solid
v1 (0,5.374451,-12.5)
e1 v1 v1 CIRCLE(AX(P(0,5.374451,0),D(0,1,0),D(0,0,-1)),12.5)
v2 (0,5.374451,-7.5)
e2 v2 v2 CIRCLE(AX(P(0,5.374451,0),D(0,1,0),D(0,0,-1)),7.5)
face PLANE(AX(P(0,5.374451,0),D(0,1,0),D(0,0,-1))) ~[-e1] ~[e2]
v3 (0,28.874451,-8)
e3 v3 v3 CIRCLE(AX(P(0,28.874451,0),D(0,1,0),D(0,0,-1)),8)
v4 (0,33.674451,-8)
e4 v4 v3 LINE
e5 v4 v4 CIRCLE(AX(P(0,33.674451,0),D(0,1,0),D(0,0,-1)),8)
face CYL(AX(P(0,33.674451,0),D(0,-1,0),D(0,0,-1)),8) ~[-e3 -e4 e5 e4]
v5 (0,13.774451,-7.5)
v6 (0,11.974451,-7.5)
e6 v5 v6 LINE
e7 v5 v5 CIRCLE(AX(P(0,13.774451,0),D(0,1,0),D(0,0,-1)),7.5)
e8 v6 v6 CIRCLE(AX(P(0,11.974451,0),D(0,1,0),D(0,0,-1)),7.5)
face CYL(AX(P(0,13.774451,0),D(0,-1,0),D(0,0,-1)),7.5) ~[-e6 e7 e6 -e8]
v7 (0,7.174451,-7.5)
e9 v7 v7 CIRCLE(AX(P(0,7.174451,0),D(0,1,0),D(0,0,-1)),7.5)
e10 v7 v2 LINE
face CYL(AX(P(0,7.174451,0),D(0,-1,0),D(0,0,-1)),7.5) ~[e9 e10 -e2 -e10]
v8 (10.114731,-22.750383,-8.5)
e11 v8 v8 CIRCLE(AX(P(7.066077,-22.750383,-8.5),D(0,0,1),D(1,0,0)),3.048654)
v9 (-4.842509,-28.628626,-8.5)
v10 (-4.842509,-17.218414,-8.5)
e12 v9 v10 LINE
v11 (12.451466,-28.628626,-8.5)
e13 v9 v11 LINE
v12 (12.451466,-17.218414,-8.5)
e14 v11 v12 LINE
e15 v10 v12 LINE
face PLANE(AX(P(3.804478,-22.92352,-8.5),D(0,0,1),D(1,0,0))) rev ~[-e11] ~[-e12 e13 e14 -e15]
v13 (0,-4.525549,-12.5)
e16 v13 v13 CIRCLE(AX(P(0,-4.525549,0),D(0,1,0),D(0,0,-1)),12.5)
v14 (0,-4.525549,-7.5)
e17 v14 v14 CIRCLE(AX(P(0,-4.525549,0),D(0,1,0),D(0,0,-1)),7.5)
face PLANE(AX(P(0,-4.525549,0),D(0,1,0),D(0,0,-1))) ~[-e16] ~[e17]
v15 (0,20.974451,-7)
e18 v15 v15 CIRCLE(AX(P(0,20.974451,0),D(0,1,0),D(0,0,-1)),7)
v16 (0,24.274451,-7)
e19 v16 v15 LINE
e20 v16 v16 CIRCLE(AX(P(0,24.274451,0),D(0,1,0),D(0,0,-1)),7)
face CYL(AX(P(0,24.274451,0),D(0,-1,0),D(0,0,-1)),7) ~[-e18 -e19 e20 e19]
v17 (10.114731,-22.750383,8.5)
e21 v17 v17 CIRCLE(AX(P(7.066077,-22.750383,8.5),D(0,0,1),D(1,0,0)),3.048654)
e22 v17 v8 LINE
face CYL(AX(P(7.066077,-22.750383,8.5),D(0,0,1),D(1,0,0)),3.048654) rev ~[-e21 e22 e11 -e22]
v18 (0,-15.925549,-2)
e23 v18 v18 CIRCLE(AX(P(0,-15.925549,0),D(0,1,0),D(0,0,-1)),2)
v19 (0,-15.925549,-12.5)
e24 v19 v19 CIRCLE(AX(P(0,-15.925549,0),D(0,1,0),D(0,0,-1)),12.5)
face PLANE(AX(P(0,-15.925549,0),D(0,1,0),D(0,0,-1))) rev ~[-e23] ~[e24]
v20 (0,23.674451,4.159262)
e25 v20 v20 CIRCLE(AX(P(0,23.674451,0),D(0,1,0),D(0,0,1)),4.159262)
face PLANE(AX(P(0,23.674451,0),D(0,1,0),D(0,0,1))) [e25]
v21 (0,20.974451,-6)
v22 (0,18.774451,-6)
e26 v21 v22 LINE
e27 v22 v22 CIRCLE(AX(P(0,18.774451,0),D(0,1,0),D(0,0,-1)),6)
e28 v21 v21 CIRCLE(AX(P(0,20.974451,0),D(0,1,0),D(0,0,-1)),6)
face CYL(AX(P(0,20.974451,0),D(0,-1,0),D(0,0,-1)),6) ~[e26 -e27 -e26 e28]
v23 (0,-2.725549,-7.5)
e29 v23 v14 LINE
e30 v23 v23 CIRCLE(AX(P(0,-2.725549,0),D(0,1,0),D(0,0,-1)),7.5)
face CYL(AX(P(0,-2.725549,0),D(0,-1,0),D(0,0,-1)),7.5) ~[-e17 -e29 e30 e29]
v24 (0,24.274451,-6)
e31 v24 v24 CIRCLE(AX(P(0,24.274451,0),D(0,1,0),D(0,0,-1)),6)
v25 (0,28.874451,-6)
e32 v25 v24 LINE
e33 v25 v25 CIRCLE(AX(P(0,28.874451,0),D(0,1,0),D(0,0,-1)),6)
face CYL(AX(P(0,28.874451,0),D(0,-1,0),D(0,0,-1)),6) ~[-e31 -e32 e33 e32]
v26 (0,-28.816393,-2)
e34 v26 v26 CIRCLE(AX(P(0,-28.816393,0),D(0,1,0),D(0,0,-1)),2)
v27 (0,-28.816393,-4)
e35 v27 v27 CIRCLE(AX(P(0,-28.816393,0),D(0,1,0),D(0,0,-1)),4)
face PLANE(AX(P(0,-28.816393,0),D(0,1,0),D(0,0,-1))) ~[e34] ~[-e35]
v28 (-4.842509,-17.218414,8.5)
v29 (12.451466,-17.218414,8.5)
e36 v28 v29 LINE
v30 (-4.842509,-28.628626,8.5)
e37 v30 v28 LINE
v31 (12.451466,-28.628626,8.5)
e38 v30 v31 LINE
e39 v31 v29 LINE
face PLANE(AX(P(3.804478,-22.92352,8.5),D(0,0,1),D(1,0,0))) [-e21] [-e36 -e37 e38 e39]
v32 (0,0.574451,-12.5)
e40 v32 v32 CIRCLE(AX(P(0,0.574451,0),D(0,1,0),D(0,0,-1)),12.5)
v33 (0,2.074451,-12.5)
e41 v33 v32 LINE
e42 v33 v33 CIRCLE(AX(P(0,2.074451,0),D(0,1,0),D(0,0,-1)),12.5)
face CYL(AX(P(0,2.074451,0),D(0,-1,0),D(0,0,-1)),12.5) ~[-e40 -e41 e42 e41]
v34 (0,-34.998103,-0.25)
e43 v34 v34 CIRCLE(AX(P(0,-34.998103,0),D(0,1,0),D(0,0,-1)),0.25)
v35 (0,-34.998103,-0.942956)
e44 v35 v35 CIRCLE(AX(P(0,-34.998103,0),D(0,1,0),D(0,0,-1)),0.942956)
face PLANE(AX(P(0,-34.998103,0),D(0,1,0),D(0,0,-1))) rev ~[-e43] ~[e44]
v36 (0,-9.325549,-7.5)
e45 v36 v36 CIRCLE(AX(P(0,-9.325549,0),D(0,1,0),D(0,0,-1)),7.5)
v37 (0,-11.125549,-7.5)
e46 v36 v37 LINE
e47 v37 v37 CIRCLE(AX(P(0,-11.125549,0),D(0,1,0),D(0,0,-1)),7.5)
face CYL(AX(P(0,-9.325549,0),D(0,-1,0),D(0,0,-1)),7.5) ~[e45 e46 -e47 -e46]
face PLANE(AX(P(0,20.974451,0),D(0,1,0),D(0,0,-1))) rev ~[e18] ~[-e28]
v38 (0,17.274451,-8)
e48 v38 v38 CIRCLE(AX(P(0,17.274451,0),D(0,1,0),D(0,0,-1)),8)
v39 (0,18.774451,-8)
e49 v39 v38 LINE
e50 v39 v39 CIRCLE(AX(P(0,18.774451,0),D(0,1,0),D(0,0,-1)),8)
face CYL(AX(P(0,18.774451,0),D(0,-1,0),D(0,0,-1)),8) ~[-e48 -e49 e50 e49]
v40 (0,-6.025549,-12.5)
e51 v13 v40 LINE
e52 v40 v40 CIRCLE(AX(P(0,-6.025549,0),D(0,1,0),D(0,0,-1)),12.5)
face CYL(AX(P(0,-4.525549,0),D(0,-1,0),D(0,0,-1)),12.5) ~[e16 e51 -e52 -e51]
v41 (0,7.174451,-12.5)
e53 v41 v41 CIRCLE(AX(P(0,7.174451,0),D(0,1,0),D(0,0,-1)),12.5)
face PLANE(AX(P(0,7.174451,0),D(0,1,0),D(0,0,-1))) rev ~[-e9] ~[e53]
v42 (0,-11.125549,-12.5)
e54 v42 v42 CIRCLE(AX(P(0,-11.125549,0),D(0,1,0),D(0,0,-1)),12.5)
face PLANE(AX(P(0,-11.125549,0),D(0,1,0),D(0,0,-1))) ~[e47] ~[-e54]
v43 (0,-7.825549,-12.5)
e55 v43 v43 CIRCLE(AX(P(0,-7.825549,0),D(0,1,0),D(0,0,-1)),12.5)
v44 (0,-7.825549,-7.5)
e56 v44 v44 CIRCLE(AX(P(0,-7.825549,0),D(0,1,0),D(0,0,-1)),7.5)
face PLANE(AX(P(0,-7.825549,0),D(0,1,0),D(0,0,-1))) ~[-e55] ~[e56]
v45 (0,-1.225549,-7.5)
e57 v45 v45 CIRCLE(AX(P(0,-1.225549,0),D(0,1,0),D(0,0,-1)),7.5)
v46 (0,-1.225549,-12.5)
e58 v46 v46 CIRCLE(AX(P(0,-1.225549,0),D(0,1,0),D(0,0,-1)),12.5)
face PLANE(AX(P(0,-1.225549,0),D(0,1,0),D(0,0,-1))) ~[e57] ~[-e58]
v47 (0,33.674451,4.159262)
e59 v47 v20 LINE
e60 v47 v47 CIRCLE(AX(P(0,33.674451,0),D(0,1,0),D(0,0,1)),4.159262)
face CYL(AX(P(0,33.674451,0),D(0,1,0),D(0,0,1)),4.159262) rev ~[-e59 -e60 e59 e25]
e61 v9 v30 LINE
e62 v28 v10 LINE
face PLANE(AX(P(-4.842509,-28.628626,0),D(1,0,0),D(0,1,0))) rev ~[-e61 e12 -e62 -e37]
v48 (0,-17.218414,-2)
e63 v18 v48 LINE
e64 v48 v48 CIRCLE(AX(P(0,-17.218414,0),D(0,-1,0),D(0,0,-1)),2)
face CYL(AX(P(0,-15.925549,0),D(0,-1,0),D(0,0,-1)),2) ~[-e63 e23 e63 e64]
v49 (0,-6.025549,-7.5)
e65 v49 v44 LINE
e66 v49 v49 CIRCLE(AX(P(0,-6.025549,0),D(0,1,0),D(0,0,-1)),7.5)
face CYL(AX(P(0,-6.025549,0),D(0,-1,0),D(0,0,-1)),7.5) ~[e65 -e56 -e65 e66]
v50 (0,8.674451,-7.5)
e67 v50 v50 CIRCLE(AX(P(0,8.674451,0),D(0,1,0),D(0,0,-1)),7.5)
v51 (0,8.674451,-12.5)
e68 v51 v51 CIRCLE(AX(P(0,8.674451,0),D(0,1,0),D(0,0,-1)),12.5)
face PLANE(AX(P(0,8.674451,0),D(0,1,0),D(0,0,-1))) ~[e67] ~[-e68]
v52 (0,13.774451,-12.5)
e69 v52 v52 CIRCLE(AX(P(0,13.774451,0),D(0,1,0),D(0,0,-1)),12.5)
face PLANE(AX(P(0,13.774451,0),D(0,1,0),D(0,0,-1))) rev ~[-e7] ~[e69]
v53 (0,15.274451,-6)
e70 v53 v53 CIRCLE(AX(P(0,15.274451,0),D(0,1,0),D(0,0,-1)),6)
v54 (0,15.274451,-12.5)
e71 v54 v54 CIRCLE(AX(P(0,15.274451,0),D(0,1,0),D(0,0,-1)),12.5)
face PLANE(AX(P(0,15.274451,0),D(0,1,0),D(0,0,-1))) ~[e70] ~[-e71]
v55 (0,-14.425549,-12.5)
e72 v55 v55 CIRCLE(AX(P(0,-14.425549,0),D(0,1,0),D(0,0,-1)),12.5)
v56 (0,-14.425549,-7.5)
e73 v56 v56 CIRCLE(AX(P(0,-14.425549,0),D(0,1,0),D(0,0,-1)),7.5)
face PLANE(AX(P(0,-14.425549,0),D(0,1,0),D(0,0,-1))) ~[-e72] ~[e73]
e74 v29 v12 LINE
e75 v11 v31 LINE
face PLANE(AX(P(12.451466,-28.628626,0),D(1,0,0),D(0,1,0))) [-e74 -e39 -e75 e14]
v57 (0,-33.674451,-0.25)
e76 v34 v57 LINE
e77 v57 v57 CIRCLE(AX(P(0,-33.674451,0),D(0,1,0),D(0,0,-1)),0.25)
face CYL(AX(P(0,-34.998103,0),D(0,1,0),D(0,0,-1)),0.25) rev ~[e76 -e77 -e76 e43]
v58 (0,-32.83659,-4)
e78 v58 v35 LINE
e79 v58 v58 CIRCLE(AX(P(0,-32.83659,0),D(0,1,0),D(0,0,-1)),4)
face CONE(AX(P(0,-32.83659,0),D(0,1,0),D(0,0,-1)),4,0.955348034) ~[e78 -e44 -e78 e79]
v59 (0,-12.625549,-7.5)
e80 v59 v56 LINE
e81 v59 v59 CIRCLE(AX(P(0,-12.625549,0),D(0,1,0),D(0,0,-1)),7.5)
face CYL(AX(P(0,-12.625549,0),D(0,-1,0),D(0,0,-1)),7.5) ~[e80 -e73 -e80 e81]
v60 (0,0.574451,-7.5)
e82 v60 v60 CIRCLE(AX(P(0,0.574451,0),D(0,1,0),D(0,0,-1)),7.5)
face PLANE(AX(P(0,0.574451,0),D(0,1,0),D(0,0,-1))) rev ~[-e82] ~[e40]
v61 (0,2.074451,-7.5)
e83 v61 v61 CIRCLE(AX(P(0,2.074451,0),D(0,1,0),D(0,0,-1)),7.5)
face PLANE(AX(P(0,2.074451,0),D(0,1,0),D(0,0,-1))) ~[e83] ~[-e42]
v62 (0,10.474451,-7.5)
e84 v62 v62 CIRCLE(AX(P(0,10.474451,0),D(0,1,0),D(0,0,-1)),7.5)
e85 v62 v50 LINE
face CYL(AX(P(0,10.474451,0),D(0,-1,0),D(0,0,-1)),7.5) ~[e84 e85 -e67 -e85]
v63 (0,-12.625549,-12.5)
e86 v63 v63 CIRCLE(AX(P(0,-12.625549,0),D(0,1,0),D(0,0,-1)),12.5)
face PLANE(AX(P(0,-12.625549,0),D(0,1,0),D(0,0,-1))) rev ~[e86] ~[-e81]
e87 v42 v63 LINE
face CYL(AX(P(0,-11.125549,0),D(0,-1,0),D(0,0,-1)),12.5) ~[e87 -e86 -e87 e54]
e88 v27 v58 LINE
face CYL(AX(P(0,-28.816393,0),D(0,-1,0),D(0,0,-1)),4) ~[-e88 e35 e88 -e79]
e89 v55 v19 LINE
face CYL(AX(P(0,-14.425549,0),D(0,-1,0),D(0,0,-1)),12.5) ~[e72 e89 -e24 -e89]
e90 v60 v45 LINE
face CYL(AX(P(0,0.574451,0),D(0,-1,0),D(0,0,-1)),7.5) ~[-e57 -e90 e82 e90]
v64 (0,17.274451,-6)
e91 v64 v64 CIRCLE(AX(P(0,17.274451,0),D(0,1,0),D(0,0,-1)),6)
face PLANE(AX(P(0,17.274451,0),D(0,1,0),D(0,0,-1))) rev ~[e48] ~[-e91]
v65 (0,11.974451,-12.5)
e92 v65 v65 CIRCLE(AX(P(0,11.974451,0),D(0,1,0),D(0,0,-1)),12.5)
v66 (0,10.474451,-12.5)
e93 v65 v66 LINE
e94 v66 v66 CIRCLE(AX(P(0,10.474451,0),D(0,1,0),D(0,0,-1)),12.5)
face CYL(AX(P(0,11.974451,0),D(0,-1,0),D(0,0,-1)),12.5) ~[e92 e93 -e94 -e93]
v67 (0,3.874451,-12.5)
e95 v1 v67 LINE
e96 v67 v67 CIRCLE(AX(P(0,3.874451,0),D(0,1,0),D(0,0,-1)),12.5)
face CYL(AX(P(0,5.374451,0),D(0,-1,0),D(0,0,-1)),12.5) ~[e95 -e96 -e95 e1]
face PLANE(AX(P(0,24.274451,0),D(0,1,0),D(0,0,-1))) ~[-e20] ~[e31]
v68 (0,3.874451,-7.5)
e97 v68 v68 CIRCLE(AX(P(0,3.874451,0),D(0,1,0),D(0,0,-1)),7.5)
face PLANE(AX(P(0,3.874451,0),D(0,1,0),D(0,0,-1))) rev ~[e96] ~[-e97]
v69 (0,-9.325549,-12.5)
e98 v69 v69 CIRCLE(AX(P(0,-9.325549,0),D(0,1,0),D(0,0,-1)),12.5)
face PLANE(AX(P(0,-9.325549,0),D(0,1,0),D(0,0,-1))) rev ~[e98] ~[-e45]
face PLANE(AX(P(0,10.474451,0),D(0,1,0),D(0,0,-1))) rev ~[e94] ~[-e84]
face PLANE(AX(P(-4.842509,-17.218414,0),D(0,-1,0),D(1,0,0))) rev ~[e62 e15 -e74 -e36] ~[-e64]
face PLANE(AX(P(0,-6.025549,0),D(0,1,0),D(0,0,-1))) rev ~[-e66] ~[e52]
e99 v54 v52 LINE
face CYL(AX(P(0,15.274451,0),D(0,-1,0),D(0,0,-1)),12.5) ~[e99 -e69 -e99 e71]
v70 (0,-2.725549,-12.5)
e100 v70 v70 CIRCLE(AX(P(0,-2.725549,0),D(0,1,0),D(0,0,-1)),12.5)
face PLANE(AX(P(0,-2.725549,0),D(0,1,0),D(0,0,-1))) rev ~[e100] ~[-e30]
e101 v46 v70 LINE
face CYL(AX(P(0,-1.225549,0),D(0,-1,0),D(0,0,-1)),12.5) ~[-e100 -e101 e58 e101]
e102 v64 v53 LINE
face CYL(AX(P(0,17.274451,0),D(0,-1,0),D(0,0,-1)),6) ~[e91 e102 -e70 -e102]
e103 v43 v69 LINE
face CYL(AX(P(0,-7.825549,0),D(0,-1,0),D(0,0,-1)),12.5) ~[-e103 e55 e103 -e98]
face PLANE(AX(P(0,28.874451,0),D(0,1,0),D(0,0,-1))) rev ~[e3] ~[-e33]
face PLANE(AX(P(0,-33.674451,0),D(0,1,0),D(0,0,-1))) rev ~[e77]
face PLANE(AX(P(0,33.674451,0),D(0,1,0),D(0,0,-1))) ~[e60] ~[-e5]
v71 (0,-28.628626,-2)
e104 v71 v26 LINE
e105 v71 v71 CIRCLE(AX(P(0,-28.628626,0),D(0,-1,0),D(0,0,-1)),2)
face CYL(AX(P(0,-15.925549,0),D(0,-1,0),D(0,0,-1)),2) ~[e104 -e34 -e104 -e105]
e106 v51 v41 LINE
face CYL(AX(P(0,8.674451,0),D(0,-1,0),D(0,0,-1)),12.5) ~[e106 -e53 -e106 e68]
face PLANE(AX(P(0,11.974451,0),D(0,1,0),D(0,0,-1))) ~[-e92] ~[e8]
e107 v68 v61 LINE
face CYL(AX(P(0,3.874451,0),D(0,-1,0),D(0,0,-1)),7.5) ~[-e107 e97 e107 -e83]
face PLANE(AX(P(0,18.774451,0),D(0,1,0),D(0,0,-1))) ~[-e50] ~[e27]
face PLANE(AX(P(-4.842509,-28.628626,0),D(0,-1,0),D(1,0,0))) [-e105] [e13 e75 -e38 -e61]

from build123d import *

# Parameters (mm, degrees)
SKETCH2_R           = 4.159262234
CUT_EXTRUDE1_DEPTH  = 10
SKETCH3_W           = 17.293974885
SKETCH3_H           = 11.410212081
BOSS_EXTRUDE1_DEPTH = 8.5
SKETCH4_R           = 3.04865438
CUT_EXTRUDE2_DEPTH  = 17


with BuildPart() as part:
    # Sketch1 → Revolve1 (revolve)
    with BuildSketch(Plane.XY, mode=Mode.PRIVATE) as revolve1_sk:
        Polygon((-2, -15.925549295), (-2, -28.816393339), (-4, -28.816393339), (-4, -32.836590434), (-0.942955999, -34.998102919), (-0.25, -34.998102919), (-0.25, -33.674450705), (0, -33.674450705), (0, 33.674450705), (-8, 33.674450705), (-8, 28.874450705), (-6, 28.874450705), (-6, 24.274450705), (-7, 24.274450705), (-7, 20.974450705), (-6, 20.974450705), (-6, 18.774450705), (-8, 18.774450705), (-8, 17.274450705), (-6, 17.274450705), (-6, 15.274450705), (-12.5, 15.274450705), (-12.5, 13.774450705), (-7.5, 13.774450705), (-7.5, 11.974450705), (-12.5, 11.974450705), (-12.5, 10.474450705), (-7.5, 10.474450705), (-7.5, 8.674450705), (-12.5, 8.674450705), (-12.5, 7.174450705), (-7.5, 7.174450705), (-7.5, 5.374450705), (-12.5, 5.374450705), (-12.5, 3.874450705), (-7.5, 3.874450705), (-7.5, 2.074450705), (-12.5, 2.074450705), (-12.5, 0.574450705), (-7.5, 0.574450705), (-7.5, -1.225549295), (-12.5, -1.225549295), (-12.5, -2.725549295), (-7.5, -2.725549295), (-7.5, -4.525549295), (-12.5, -4.525549295), (-12.5, -6.025549295), (-7.5, -6.025549295), (-7.5, -7.825549295), (-12.5, -7.825549295), (-12.5, -9.325549295), (-7.5, -9.325549295), (-7.5, -11.125549295), (-12.5, -11.125549295), (-12.5, -12.625549295), (-7.5, -12.625549295), (-7.5, -14.425549295), (-12.5, -14.425549295), (-12.5, -15.925549295), align=None)
    revolve(revolve1_sk.sketch.rotate(Axis((0, -1005.655436074, 0), (0, 1, 0)), 270), axis=Axis((0, -1005.655436074, 0), (0, 1, 0)))

    # Sketch2 → Cut-Extrude1 (cut)
    with BuildSketch(Plane(origin=(0, 33.674450705, 0), x_dir=(1, 0, 0), z_dir=(0, 1, 0))):
        with Locations(Location((0, 0, 0), (0, 0, 270))):
            Circle(SKETCH2_R)
    extrude(amount=-CUT_EXTRUDE1_DEPTH, mode=Mode.SUBTRACT)

    # Sketch3 → Boss-Extrude1 (add, symmetric)
    with BuildSketch(Plane.XY):
        with Locations((3.80447813, -22.923519592)):
            Rectangle(SKETCH3_W, SKETCH3_H)
    extrude(amount=BOSS_EXTRUDE1_DEPTH, both=True)

    # Sketch4 → Cut-Extrude2 (cut)
    with BuildSketch(Plane.XY.offset(8.5)):
        with Locations((7.066076907, -22.750382856)):
            Circle(SKETCH4_R)
    extrude(amount=-CUT_EXTRUDE2_DEPTH, mode=Mode.SUBTRACT)


solid = part.part
